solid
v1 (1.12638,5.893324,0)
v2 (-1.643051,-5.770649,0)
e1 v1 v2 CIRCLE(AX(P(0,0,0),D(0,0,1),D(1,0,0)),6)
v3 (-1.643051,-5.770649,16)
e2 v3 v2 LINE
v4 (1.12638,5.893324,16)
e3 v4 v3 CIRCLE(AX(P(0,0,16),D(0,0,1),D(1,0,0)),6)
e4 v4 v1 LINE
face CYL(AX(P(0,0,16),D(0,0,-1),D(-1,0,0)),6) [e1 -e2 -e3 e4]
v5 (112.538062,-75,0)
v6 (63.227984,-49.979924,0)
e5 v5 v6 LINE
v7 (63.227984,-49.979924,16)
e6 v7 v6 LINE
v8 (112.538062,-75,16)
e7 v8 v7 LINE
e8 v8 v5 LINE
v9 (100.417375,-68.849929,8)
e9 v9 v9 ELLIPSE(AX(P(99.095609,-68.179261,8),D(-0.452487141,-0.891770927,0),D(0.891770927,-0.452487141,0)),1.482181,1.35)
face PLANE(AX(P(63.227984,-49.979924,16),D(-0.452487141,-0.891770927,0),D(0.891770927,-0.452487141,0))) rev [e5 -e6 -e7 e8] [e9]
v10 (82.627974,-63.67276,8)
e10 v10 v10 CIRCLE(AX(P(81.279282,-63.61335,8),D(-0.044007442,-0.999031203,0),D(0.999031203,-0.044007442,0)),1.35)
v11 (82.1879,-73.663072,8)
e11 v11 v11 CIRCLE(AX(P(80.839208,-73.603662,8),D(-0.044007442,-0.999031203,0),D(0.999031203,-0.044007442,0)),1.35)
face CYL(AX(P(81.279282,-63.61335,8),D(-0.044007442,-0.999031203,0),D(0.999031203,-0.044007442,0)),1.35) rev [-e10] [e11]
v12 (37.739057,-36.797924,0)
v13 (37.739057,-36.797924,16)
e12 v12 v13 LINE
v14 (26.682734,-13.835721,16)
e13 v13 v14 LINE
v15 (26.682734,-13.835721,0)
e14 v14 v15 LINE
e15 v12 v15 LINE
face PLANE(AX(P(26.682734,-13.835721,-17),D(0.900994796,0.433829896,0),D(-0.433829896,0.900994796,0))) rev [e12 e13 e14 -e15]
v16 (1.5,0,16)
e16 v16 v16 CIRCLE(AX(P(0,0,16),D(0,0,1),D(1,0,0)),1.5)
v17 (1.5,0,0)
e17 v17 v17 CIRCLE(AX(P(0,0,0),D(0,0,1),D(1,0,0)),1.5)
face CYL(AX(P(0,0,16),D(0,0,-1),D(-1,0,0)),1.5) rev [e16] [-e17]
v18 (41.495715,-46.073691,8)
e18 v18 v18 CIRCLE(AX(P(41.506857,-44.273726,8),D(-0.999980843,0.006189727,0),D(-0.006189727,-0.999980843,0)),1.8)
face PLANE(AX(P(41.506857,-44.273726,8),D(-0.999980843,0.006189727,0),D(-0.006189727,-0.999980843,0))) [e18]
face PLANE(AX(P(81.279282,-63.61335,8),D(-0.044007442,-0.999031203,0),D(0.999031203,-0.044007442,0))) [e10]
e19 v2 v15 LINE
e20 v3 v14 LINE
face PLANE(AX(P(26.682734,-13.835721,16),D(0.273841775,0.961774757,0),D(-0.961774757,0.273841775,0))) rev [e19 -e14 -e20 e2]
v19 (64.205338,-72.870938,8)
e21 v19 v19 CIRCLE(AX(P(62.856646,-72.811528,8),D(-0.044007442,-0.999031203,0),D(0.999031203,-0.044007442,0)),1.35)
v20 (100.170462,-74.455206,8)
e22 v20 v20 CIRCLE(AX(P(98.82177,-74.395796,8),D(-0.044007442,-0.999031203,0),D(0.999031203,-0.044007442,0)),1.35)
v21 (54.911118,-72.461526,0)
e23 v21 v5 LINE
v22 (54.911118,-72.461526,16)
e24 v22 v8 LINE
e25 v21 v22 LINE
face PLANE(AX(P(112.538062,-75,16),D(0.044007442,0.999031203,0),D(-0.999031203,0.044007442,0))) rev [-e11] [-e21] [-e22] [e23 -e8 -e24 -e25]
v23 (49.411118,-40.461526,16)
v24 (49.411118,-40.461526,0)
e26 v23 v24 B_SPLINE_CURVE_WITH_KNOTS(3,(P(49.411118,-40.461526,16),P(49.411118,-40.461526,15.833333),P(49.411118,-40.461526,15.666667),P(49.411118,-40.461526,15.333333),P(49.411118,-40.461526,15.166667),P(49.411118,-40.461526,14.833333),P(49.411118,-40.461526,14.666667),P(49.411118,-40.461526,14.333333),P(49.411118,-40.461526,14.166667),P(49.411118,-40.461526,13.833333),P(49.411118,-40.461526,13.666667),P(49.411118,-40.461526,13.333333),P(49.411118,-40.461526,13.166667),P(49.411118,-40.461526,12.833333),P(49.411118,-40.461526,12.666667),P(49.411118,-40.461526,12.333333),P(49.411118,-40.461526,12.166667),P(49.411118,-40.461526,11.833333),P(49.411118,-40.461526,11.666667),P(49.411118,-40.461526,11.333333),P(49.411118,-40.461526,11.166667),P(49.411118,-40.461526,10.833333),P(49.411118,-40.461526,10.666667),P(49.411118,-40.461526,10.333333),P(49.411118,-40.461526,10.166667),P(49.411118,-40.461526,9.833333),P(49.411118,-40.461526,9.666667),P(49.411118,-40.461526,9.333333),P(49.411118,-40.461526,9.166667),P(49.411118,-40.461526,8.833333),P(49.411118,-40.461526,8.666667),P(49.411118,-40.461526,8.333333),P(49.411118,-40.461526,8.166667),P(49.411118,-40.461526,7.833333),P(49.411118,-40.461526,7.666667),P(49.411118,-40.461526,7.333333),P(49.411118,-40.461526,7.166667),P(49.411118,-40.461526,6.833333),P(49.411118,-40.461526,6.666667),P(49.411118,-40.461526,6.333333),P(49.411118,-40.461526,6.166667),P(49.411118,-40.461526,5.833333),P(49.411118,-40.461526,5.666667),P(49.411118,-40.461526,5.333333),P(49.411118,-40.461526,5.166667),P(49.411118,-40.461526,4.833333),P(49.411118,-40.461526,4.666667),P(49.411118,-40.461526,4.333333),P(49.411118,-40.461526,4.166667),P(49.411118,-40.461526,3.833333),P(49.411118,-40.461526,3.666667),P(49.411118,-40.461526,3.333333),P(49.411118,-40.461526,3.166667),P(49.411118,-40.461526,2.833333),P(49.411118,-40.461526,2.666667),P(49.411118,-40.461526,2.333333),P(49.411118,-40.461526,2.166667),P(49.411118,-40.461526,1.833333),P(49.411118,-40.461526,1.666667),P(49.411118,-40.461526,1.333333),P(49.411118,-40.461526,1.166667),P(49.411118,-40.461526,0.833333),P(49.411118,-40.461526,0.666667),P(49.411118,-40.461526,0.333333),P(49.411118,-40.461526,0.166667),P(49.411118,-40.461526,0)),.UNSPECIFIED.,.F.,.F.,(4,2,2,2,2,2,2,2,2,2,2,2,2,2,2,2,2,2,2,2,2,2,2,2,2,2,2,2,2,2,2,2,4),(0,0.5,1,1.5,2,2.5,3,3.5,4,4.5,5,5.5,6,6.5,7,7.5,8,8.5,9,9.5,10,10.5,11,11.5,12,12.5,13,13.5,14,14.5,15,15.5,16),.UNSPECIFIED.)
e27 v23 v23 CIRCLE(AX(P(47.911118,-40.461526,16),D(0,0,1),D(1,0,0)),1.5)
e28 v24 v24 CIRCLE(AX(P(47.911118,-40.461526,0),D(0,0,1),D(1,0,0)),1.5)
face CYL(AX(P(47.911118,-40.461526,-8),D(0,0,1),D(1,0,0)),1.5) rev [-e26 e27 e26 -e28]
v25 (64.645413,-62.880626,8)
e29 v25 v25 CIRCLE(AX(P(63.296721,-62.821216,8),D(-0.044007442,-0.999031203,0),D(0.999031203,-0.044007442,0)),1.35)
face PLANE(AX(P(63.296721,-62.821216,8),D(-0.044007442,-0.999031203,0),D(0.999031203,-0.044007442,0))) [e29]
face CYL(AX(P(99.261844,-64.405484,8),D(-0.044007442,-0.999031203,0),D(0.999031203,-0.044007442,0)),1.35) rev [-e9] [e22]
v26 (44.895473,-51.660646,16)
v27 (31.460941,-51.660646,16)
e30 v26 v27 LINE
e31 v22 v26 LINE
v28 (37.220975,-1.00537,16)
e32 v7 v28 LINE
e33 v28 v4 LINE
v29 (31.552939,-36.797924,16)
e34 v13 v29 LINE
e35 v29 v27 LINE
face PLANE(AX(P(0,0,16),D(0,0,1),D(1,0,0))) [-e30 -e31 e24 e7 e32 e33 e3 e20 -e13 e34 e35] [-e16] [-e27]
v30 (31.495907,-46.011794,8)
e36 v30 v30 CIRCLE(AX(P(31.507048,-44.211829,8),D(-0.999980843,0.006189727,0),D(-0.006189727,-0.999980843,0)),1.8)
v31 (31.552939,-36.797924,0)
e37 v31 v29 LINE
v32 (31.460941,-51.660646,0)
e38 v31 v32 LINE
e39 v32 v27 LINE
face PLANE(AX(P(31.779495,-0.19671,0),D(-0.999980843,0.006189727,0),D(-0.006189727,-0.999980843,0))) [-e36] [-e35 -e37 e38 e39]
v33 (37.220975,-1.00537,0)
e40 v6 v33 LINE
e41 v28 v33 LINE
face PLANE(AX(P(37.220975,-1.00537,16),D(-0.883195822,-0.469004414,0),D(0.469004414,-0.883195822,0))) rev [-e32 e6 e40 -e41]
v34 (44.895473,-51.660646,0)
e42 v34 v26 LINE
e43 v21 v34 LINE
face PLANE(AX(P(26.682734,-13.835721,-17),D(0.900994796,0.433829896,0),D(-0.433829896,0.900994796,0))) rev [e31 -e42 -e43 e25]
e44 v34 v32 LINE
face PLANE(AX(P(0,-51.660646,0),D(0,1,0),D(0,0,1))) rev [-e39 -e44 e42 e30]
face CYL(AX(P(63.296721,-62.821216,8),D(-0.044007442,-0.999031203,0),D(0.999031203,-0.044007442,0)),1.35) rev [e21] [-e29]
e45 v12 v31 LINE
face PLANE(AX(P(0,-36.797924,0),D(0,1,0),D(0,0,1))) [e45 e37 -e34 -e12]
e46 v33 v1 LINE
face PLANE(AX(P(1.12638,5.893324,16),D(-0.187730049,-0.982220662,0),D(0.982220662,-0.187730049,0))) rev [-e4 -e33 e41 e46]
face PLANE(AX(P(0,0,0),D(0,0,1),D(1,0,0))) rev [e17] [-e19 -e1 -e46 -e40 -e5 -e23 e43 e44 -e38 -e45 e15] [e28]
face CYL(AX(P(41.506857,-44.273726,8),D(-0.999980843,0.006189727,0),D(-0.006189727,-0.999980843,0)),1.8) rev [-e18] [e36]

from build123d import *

# Parameters (mm, degrees)
SKETCH_1_R          = 1.5
EXTRUDE_1_DEPTH     = 16
SKETCH_2_R          = 1.35
CUT_EXTRUDE_1_DEPTH = 10
CUT_EXTRUDE_2_DEPTH = 33
EXTRUDE_2_DEPTH     = 16
SKETCH_5_R          = 1.5
CUT_EXTRUDE_3_DEPTH = 24
SKETCH_7_R          = 1.8
CUT_EXTRUDE_5_DEPTH = 10


with BuildPart() as part:
    # 草图1 → 凸台-拉伸1 (new body)
    with BuildSketch(Plane.XY):
        with BuildLine():
            Line((1.126380295, 5.893323971), (37.220974686, -1.005370225))
            Line((37.220974686, -1.005370225), (63.227984205, -49.979924472))
            Line((63.227984205, -49.979924472), (112.538061605, -75))
            Line((112.538061605, -75), (53.330616959, -72.391905084))
            Line((53.330616959, -72.391905084), (49.915441771, -64.88738307))
            Line((49.915441771, -64.88738307), (26.682733599, -13.835720919))
            Line((26.682733599, -13.835720919), (-1.643050648, -5.77064854))
            ThreePointArc((-1.643050648, -5.77064854), (-5.837705093, 1.386073321), (1.126380295, 5.893323971))
        make_face()
        Circle(SKETCH_1_R, mode=Mode.SUBTRACT)
    extrude(amount=EXTRUDE_1_DEPTH)

    # 草图2 → 切除-拉伸1 (cut)
    with BuildSketch(Plane(origin=(-3.079413203, -69.907036606, 0), x_dir=(0.9990312032291818, -0.044007442262116094, 0), z_dir=(-0.044007442262116094, -0.9990312032291818, 0))):
        with Locations((66, 8)):
            Circle(SKETCH_2_R)
        with Locations((102, 8)):
            Circle(SKETCH_2_R)
        with Locations((84, 8)):
            Circle(SKETCH_2_R)
    extrude(amount=-CUT_EXTRUDE_1_DEPTH, mode=Mode.SUBTRACT)

    # 草图3 → 切除-拉伸2 (cut)
    with BuildSketch(Plane.XY.offset(16)):
        Polygon((26.682733599, -13.835720919), (54.911117554, -72.461526322), (53.330616959, -72.391905084), align=None)
    extrude(amount=-CUT_EXTRUDE_2_DEPTH, mode=Mode.SUBTRACT)

    # 草图4 → 凸台-拉伸2 (add)
    with BuildSketch(Plane.XY.offset(16)):
        Polygon((44.895473102, -51.660646486), (37.739057149, -36.797923572), (31.552939366, -36.797923572), (31.460941411, -51.660646486), align=None)
    extrude(amount=-EXTRUDE_2_DEPTH)

    # 草图5 → 切除-拉伸3 (cut)
    with BuildSketch(Plane.XY.offset(16)):
        with Locations((47.911117554, -40.461526322)):
            Circle(SKETCH_5_R)
    extrude(amount=-CUT_EXTRUDE_3_DEPTH, mode=Mode.SUBTRACT)

    # 草图7 → 切除-拉伸5 (cut)
    with BuildSketch(Plane(origin=(31.779495214, -0.196710159, 0), x_dir=(0, 0, 1), z_dir=(-0.9999808434581536, 0.006189726708003564, 0))):
        with Locations(Location((8, -44.015961614, 0), (0, 0, 270))):
            Circle(SKETCH_7_R)
    extrude(amount=-CUT_EXTRUDE_5_DEPTH, mode=Mode.SUBTRACT)


solid = part.part
